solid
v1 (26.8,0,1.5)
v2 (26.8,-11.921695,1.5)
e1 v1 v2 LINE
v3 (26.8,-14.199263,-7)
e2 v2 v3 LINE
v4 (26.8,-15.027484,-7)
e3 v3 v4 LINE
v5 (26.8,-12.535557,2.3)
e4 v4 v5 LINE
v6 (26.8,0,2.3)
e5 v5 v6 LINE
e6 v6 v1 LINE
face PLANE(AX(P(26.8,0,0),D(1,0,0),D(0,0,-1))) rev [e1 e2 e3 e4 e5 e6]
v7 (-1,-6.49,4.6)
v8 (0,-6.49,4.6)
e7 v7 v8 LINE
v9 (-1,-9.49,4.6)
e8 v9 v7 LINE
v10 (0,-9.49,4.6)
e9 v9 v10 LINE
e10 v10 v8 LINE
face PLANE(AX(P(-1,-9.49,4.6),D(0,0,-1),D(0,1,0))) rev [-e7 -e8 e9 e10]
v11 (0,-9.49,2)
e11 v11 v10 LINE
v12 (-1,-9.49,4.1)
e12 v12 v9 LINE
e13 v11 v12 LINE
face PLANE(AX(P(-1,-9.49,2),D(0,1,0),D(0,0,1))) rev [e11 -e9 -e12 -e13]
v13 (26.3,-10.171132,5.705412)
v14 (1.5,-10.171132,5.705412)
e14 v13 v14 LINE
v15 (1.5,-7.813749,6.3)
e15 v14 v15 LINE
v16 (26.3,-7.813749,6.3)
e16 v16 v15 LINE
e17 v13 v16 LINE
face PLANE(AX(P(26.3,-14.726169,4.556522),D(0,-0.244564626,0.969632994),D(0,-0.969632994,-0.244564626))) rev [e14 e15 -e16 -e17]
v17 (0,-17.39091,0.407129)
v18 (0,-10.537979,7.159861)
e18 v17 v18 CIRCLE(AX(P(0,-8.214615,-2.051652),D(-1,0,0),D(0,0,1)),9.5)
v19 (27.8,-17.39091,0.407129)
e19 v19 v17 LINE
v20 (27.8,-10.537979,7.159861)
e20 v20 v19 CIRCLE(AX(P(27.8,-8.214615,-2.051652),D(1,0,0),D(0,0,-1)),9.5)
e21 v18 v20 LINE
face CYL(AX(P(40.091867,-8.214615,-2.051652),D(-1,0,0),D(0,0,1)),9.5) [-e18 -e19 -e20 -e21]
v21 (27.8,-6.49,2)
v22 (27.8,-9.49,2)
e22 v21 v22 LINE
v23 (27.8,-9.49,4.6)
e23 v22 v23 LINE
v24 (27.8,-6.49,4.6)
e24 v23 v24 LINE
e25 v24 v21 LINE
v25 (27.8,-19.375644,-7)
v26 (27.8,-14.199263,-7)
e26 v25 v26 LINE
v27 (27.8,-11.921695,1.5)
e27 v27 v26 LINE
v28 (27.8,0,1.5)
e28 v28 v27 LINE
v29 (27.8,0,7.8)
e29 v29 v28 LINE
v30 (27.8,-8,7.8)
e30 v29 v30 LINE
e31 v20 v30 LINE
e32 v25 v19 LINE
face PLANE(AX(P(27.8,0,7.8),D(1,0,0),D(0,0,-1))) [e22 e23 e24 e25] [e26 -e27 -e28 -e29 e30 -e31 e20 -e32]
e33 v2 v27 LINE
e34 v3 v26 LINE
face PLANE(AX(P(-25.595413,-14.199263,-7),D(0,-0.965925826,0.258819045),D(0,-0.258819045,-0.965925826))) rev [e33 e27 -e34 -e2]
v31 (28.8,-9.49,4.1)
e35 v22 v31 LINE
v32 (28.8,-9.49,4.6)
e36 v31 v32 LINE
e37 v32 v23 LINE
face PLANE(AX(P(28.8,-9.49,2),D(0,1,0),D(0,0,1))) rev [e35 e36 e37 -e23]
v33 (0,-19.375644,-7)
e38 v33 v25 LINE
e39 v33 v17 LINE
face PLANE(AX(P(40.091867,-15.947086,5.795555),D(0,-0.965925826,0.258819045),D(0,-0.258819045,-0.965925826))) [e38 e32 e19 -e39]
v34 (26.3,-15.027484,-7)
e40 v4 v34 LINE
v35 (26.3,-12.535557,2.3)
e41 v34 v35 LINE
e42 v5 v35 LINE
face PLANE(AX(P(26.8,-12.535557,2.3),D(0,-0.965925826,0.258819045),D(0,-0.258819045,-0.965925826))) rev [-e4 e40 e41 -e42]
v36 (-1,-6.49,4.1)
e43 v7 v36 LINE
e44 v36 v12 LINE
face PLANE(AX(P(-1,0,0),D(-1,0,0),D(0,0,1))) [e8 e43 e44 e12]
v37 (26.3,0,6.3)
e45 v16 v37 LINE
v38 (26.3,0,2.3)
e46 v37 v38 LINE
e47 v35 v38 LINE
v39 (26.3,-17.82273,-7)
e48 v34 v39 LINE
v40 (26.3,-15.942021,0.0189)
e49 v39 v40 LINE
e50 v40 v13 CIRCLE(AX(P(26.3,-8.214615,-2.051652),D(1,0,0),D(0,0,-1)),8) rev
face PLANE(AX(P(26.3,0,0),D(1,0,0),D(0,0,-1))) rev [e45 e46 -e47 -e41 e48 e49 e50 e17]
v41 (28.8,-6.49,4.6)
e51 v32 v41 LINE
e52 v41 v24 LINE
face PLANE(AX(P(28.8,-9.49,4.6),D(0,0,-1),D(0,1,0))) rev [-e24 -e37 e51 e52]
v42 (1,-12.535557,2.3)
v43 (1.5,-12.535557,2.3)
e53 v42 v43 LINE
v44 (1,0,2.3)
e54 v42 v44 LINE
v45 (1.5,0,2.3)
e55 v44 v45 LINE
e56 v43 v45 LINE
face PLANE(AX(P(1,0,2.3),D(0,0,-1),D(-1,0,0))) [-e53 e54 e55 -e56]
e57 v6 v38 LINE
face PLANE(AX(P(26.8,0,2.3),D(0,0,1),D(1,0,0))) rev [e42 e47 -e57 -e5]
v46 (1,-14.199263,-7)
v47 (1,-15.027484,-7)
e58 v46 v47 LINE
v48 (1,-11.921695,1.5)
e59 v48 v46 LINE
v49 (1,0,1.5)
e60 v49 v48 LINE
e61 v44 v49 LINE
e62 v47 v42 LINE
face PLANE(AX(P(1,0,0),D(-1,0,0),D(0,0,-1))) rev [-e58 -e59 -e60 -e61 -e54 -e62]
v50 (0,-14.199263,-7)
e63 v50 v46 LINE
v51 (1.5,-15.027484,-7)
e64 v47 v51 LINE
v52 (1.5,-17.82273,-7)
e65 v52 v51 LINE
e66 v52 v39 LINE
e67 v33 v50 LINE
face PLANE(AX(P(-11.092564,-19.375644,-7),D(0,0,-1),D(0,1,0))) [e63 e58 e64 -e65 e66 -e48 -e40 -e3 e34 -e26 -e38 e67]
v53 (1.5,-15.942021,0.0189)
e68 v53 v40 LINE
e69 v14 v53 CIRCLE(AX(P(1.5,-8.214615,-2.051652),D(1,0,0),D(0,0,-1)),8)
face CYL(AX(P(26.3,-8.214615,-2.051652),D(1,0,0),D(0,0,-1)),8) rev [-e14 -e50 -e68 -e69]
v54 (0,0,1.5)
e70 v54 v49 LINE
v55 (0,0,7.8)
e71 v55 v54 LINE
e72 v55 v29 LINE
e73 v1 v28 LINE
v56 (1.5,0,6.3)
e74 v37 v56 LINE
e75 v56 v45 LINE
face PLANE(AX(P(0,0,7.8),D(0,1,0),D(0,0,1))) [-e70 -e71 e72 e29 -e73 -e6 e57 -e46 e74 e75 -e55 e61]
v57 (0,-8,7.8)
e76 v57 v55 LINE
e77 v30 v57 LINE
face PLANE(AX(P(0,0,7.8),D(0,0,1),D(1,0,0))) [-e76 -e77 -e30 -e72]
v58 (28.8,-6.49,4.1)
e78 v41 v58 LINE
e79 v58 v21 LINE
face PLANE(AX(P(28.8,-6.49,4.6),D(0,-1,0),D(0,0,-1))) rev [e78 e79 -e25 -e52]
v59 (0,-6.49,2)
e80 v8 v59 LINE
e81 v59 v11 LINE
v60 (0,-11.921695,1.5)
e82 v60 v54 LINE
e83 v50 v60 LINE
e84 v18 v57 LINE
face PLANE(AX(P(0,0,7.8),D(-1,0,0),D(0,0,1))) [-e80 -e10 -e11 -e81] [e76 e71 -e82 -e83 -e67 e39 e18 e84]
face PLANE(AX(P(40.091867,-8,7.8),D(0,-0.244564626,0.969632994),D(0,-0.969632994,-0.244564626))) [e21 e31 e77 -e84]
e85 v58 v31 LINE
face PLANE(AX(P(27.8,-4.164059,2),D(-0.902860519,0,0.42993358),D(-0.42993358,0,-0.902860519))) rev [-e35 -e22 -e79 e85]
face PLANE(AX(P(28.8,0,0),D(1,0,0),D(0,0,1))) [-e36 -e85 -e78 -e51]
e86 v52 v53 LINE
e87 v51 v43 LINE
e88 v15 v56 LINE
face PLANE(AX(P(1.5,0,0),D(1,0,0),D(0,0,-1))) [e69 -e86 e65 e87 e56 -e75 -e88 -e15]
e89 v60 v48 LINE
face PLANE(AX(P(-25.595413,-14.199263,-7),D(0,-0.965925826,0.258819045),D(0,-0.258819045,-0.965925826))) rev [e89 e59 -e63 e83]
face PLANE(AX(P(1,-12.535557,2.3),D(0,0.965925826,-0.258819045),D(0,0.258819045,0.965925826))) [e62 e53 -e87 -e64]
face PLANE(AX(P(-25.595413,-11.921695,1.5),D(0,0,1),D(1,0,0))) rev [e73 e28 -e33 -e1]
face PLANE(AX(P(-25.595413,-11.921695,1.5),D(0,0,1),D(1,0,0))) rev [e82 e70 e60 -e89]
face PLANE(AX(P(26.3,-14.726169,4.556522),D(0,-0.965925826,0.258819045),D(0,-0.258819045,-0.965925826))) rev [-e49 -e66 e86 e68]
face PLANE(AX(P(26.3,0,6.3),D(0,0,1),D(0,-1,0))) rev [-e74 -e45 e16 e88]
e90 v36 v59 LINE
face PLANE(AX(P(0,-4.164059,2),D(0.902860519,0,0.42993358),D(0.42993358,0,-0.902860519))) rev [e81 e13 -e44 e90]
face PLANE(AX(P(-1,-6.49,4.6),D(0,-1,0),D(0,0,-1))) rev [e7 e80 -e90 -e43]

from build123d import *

# Parameters (mm, degrees)
SKETCH_1_W          = 27.8
SKETCH_1_H          = 8
EXTRUDE_1_DEPTH     = 7.8
EXTRUDE_2_DEPTH     = 27.8
SKETCH_4_R          = 1.15
EXTRUDE_3_DEPTH     = 2
CUT_EXTRUDE_4_DEPTH = 24.8
SKETCH_15_W         = 27.8
SKETCH_15_H         = 4.251772847
EXTRUDE_4_DEPTH     = 1.9
FILLET_1_R          = 8
FILLET_2_R          = 9.5
EXTRUDE_5_DEPTH     = 27.8
CUT_EXTRUDE_6_DEPTH = 24.8
CUT_EXTRUDE_7_DEPTH = 40.8
SKETCH_21_W         = 2.6
SKETCH_21_H         = 3
EXTRUDE_6_DEPTH     = 1
CUT_EXTRUDE_8_DEPTH = 3
CUT_EXTRUDE_9_DEPTH = 0.5


with BuildPart() as part:
    # 草图1 → 凸台-拉伸1 (new body)
    with BuildSketch(Plane.XY):
        with Locations((13.9, -4)):
            Rectangle(SKETCH_1_W, SKETCH_1_H)
    extrude(amount=EXTRUDE_1_DEPTH)

    # 草图2 → 凸台-拉伸2 (add)
    with BuildSketch(Plane.ZY):
        Polygon((5.795554958, -15.947085729), (0, -17.5), (0, -8), (7.8, -8), align=None)
    extrude(amount=-EXTRUDE_2_DEPTH)

    # 草图4 → 凸台-拉伸3 (add)
    with BuildSketch(Plane(origin=(0, 0, -1.9), x_dir=(-1, 0, 0), z_dir=(0, 0, -1))):
        with BuildLine():
            Line((0, -2), (0, -4.7))
            Line((0, -4.7), (6, -4.7))
            ThreePointArc((6, -4.7), (6.353553391, -4.553553391), (6.5, -4.2))
            Line((6.5, -4.2), (6.5, -2))
            Line((6.5, -2), (6.5, 2.4))
            ThreePointArc((6.5, 2.4), (6.353553391, 2.753553391), (6, 2.9))
            Line((6, 2.9), (4, 2.9))
            ThreePointArc((4, 2.9), (2.232233047, 2.167766953), (1.5, 0.4))
            Line((1.5, 0.4), (1.5, -1.5))
            ThreePointArc((1.5, -1.5), (1.353553391, -1.853553391), (1, -2))
            Line((1, -2), (0, -2))
        make_face()
        with Locations((3.6, 0.5)):
            Circle(SKETCH_4_R, mode=Mode.SUBTRACT)
    extrude_3 = extrude(amount=-EXTRUDE_3_DEPTH)

    # 镜向1: 凸台-拉伸3 across plane
    add(extrude_3.mirror(Plane.ZY.offset(-13.9)))

    # 草图13 → 切除-拉伸4 (cut)
    with BuildSketch(Plane.ZY.offset(-1.5)):
        Polygon((1.5, 0), (1.5, -11.921695309), (0, -12.323619098), (0, -15.947085729), (4.556522218, -14.726169281), (6.3, -7.813748582), (6.3, 0), align=None)
    extrude(amount=-CUT_EXTRUDE_4_DEPTH, mode=Mode.SUBTRACT)

    # 草图15 → 凸台-拉伸4 (add)
    with BuildSketch(Plane(origin=(0, 0, 0), x_dir=(-1, 0, 0), z_dir=(0, 0, -1))):
        with Locations((-13.9, -4.125886424)):
            Rectangle(SKETCH_15_W, SKETCH_15_H)
    extrude(amount=EXTRUDE_4_DEPTH)

    # 圆角1
    fillet_1_edges = [part.edges().sort_by_distance(p)[0] for p in [
        (13.9, -14.726169281, 4.556522218),
    ]]
    fillet(fillet_1_edges, radius=FILLET_1_R)

    # 圆角2
    fillet_2_edges = [part.edges().sort_by_distance(p)[0] for p in [
        (13.9, -15.947085729, 5.795554958),
    ]]
    fillet(fillet_2_edges, radius=FILLET_2_R)

    # 草图17 → 凸台-拉伸5 (add)
    with BuildSketch(Plane(origin=(27.8, 0, 0), x_dir=(0, 0, -1), z_dir=(1, 0, 0))):
        Polygon((0, -17.5), (7, -19.375644347), (7, -12.646349174), (0, -10.770704827), align=None)
    extrude(amount=-EXTRUDE_5_DEPTH)

    # 草图18 → 切除-拉伸6 (cut)
    with BuildSketch(Plane.ZY.offset(-26.3)):
        Polygon((0, -12.323619098), (0, -15.947085729), (-7, -17.822730076), (-7, -14.199263445), align=None)
    extrude(amount=CUT_EXTRUDE_6_DEPTH, mode=Mode.SUBTRACT)

    # 草图19 → 切除-拉伸7 (cut)
    with BuildSketch(Plane(origin=(34.3, 0, 0), x_dir=(0, 0, -1), z_dir=(1, 0, 0))):
        Polygon((7, 2.9), (7, -14.199263445), (-1.5, -11.921695309), (-1.5, 2.9), align=None)
    extrude(amount=-CUT_EXTRUDE_7_DEPTH, mode=Mode.SUBTRACT)

    # 草图21 → 凸台-拉伸6 (add)
    with BuildSketch(Plane.ZY):
        with Locations((3.3, -7.99)):
            Rectangle(SKETCH_21_W, SKETCH_21_H)
    extrude_6 = extrude(amount=EXTRUDE_6_DEPTH)

    # 草图22 → 切除-拉伸8 (cut)
    with BuildSketch(Plane(origin=(0, -9.49, 0), x_dir=(-1, 0, 0), z_dir=(0, -1, 0))):
        Polygon((0, -2), (1, -4.1), (1, -2), align=None)
    cut_extrude_8 = extrude(amount=-CUT_EXTRUDE_8_DEPTH, mode=Mode.SUBTRACT)

    # 镜向5: 凸台-拉伸6, 切除-拉伸8 across plane
    add(extrude_6.mirror(Plane.ZY.offset(-13.9)))
    add(cut_extrude_8.mirror(Plane.ZY.offset(-13.9)), mode=Mode.SUBTRACT)

    # 草图23 → 切除-拉伸9 (cut)
    with BuildSketch(Plane.ZY.offset(-26.3)):
        Polygon((2.3, -12.5355569), (-7, -15.027484389), (-7, -14.199263445), (1.5, -11.921695309), (1.5, 0), (2.3, 0), align=None)
    cut_extrude_9 = extrude(amount=-CUT_EXTRUDE_9_DEPTH, mode=Mode.SUBTRACT)

    # 镜向6: 切除-拉伸9 across plane
    add(cut_extrude_9.mirror(Plane.ZY.offset(-13.9)), mode=Mode.SUBTRACT)


solid = part.part
